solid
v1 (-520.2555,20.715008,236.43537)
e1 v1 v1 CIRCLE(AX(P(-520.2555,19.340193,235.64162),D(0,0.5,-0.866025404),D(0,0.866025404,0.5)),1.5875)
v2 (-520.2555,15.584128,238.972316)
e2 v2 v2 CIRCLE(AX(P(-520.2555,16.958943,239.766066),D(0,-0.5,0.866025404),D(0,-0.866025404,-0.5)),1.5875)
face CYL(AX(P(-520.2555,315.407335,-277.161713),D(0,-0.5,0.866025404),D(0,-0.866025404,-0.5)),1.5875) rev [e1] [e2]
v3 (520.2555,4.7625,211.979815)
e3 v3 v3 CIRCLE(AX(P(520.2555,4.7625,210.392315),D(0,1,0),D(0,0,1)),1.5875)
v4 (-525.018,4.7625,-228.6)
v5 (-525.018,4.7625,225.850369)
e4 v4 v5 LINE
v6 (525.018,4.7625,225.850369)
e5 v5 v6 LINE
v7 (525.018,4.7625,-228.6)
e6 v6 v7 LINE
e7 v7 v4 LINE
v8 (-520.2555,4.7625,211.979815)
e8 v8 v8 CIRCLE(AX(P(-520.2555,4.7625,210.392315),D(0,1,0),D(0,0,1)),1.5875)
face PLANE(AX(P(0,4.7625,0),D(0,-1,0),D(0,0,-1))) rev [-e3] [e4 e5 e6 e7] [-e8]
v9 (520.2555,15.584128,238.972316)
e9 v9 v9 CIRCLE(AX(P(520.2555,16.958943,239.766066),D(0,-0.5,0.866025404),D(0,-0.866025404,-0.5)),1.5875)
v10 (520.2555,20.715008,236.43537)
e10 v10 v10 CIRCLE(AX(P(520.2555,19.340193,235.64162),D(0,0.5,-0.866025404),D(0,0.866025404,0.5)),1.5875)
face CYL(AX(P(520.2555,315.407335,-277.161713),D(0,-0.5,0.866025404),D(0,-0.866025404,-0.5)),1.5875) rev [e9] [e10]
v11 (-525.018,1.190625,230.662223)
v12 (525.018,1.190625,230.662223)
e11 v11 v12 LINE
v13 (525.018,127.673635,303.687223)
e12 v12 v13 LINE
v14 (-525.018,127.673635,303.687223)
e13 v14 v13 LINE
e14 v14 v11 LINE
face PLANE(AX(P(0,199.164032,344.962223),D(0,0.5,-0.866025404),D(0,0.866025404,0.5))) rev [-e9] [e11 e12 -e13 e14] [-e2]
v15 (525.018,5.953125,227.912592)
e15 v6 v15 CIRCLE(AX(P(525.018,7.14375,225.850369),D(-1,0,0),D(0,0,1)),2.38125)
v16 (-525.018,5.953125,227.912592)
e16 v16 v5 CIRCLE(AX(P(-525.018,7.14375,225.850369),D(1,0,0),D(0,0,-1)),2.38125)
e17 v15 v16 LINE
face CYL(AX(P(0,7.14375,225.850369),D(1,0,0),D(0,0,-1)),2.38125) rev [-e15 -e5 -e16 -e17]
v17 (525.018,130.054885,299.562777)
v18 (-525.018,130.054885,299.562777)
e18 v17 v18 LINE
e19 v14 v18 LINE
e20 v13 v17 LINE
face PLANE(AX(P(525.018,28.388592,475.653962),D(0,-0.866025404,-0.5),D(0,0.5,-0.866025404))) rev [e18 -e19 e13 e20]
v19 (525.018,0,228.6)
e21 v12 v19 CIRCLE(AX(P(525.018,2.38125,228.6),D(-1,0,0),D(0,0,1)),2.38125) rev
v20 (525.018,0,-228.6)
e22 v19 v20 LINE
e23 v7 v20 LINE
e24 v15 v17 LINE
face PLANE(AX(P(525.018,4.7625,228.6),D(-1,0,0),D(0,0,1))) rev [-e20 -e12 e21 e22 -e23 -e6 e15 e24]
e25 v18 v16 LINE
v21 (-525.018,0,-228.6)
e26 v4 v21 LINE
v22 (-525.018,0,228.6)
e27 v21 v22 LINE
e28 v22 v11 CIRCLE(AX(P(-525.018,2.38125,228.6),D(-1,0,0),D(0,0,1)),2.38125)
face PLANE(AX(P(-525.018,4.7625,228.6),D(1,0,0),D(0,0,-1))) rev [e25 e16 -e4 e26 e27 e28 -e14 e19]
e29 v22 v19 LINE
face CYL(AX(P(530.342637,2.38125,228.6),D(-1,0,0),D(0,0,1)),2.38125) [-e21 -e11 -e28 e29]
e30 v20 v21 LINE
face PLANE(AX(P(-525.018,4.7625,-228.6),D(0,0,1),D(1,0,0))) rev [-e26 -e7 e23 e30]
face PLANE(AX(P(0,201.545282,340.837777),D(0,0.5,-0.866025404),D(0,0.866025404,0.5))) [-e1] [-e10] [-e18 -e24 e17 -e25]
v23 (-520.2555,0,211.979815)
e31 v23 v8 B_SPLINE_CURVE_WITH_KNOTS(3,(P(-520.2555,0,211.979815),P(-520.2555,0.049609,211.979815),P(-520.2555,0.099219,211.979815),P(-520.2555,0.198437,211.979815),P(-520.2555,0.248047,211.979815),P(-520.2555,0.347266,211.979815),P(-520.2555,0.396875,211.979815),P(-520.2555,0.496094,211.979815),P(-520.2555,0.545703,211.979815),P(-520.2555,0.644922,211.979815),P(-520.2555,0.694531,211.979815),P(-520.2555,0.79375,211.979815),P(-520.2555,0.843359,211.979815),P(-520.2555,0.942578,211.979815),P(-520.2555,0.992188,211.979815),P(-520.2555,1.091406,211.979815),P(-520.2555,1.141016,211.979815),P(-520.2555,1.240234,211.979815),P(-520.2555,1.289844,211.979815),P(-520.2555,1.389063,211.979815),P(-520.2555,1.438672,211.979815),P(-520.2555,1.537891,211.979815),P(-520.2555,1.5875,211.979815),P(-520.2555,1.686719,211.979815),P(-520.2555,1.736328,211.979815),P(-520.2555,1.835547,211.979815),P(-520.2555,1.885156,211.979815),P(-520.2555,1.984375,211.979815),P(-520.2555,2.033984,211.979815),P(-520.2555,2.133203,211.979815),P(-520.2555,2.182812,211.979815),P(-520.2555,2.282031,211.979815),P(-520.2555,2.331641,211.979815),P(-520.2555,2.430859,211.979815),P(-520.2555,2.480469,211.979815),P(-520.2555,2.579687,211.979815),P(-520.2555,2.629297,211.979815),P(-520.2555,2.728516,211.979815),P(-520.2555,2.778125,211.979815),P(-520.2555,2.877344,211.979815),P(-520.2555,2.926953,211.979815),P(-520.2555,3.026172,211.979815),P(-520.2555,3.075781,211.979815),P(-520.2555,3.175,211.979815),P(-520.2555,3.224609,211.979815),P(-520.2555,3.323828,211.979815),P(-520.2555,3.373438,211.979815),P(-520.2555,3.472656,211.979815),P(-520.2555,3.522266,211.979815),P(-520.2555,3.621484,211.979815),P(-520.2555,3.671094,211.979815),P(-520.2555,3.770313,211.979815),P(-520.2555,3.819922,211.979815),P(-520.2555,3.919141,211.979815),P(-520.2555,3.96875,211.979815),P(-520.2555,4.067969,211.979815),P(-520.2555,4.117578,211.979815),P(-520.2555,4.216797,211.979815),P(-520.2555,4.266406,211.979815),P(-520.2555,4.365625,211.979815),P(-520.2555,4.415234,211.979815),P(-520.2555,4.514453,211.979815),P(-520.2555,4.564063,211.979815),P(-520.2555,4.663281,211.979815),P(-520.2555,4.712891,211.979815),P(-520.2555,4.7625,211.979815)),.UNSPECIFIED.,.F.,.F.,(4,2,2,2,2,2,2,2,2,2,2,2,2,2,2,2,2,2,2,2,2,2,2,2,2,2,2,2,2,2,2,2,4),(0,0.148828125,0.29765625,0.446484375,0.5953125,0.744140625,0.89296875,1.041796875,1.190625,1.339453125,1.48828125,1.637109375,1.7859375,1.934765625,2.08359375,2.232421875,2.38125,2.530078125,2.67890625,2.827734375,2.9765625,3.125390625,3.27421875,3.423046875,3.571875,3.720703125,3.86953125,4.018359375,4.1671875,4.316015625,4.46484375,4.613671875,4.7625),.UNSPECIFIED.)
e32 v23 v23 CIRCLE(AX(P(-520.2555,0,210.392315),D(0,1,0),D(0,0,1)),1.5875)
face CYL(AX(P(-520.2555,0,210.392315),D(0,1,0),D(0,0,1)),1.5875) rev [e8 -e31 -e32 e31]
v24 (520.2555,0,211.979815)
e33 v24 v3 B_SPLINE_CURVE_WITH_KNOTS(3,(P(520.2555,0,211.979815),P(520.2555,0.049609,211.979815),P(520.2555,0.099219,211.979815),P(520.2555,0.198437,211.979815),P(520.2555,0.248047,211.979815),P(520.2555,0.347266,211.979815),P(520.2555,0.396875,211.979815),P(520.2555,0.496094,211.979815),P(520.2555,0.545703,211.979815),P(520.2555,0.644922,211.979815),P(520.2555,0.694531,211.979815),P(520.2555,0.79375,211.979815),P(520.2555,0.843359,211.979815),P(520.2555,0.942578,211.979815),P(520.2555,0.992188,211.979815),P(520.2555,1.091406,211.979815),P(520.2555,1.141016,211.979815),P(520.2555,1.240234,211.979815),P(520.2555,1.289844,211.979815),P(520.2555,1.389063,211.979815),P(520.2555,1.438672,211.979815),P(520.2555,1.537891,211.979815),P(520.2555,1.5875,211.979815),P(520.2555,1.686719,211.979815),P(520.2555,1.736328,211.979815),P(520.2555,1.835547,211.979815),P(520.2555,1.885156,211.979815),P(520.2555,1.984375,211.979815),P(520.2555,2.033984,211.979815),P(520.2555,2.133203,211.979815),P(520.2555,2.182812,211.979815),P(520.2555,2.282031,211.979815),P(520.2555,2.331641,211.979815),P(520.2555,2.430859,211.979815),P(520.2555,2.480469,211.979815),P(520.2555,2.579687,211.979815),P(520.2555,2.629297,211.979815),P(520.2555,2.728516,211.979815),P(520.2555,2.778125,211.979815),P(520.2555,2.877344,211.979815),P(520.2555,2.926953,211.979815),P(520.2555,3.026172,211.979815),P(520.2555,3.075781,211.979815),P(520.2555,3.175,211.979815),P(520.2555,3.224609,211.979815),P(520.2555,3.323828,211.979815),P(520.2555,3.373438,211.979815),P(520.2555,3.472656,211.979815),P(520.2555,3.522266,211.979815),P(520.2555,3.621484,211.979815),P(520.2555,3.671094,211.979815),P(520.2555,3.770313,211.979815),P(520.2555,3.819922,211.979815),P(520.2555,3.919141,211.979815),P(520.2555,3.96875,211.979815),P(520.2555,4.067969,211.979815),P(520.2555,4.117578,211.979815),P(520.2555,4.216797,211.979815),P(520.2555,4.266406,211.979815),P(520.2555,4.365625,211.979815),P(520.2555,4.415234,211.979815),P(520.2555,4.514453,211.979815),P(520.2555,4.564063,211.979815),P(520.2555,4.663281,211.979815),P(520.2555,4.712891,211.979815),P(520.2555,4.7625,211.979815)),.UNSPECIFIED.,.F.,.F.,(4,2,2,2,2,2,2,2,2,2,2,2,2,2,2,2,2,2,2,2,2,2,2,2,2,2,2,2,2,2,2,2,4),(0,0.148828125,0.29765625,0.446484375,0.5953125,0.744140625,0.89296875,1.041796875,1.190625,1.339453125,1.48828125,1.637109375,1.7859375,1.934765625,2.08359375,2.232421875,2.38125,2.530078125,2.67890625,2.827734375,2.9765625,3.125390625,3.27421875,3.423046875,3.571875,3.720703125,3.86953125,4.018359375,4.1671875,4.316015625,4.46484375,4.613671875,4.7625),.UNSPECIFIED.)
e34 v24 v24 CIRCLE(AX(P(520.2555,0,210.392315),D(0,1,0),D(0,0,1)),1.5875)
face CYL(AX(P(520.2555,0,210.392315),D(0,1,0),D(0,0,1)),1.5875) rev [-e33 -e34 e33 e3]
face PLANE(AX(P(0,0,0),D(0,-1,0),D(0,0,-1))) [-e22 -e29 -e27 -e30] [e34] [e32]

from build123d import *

# Parameters (mm, degrees)
SKETCH1_W           = 1050.036
SKETCH1_H           = 457.2
BOSS_EXTRUDE1_DEPTH = 4.7625
BOSS_EXTRUDE2_DEPTH = 1050.036
SKETCH9_R           = 1.5875
CUT_EXTRUDE3_DEPTH  = 574.601708141
CIRPATTERN1_COUNT   = 2
CIRPATTERN1_ANGLE   = 120
CUT_EXTRUDE2_REACH  = 826.59
SKETCH8_W           = 1050.036
SKETCH8_H           = 311.15
FILLET1_R           = 2.38125


with BuildPart() as part:
    # Sketch1 → Boss-Extrude1 (new body)
    with BuildSketch(Plane(origin=(0, 0, 0), x_dir=(1, 0, 0), z_dir=(0, 1, 0))):
        Rectangle(SKETCH1_W, SKETCH1_H)
    boss_extrude1 = extrude(amount=BOSS_EXTRUDE1_DEPTH)

    # Sketch2 → Boss-Extrude2 (add)
    with BuildSketch(Plane.ZY.offset(525.018)):
        with BuildLine():
            Line((228.6, 4.7625), (228.6, 0))
            ThreePointArc((228.6, 0), (230.98125, 2.38125), (228.6, 4.7625))
        make_face()
    extrude(amount=-BOSS_EXTRUDE2_DEPTH)

    # Sketch9 → Cut-Extrude3 (cut, through all)
    with BuildSketch(Plane(origin=(0, 4.7625, 0), x_dir=(1, 0, 0), z_dir=(0, 1, 0))):
        with Locations(Location((520.2555, -210.3923148, 0), (0, 0, 270))):
            Circle(SKETCH9_R)
        with Locations(Location((-520.2555, -210.3923148, 0), (0, 0, 270))):
            Circle(SKETCH9_R)
    cut_extrude3 = extrude(amount=-CUT_EXTRUDE3_DEPTH, mode=Mode.SUBTRACT)

    # CirPattern1: Boss-Extrude1, Cut-Extrude3 ×2 about axis
    cirpattern1_axis = Axis((0, 2.38125, 228.6), (1, 0, 0))
    add([boss_extrude1.rotate(cirpattern1_axis, i * CIRPATTERN1_ANGLE / (CIRPATTERN1_COUNT - 1)) for i in range(1, CIRPATTERN1_COUNT)])
    add([cut_extrude3.rotate(cirpattern1_axis, i * CIRPATTERN1_ANGLE / (CIRPATTERN1_COUNT - 1)) for i in range(1, CIRPATTERN1_COUNT)], mode=Mode.SUBTRACT)

    # Sketch8 → Cut-Extrude2 (cut, up to next)
    with BuildSketch(Plane(origin=(0, -97.200766153, 168.356665511), x_dir=(-1, 0, 0), z_dir=(0, 0.500000000000004, -0.8660254037844365)), mode=Mode.PRIVATE) as cut_extrude2_sk1:
        with Locations((0, 417.987222993)):
            Rectangle(SKETCH8_W, SKETCH8_H)
    cut_extrude2_tool1 = extrude(cut_extrude2_sk1.sketch, amount=-CUT_EXTRUDE2_REACH, mode=Mode.PRIVATE) & part.part
    add(cut_extrude2_tool1.solids().sort_by_distance((0, 264.786787, 377.350277))[0], mode=Mode.SUBTRACT)

    # Fillet1
    fillet1_edges = [part.edges().sort_by_distance(p)[0] for p in [
        (0, 4.7625, 227.225184671),
    ]]
    fillet(fillet1_edges, radius=FILLET1_R)


solid = part.part
